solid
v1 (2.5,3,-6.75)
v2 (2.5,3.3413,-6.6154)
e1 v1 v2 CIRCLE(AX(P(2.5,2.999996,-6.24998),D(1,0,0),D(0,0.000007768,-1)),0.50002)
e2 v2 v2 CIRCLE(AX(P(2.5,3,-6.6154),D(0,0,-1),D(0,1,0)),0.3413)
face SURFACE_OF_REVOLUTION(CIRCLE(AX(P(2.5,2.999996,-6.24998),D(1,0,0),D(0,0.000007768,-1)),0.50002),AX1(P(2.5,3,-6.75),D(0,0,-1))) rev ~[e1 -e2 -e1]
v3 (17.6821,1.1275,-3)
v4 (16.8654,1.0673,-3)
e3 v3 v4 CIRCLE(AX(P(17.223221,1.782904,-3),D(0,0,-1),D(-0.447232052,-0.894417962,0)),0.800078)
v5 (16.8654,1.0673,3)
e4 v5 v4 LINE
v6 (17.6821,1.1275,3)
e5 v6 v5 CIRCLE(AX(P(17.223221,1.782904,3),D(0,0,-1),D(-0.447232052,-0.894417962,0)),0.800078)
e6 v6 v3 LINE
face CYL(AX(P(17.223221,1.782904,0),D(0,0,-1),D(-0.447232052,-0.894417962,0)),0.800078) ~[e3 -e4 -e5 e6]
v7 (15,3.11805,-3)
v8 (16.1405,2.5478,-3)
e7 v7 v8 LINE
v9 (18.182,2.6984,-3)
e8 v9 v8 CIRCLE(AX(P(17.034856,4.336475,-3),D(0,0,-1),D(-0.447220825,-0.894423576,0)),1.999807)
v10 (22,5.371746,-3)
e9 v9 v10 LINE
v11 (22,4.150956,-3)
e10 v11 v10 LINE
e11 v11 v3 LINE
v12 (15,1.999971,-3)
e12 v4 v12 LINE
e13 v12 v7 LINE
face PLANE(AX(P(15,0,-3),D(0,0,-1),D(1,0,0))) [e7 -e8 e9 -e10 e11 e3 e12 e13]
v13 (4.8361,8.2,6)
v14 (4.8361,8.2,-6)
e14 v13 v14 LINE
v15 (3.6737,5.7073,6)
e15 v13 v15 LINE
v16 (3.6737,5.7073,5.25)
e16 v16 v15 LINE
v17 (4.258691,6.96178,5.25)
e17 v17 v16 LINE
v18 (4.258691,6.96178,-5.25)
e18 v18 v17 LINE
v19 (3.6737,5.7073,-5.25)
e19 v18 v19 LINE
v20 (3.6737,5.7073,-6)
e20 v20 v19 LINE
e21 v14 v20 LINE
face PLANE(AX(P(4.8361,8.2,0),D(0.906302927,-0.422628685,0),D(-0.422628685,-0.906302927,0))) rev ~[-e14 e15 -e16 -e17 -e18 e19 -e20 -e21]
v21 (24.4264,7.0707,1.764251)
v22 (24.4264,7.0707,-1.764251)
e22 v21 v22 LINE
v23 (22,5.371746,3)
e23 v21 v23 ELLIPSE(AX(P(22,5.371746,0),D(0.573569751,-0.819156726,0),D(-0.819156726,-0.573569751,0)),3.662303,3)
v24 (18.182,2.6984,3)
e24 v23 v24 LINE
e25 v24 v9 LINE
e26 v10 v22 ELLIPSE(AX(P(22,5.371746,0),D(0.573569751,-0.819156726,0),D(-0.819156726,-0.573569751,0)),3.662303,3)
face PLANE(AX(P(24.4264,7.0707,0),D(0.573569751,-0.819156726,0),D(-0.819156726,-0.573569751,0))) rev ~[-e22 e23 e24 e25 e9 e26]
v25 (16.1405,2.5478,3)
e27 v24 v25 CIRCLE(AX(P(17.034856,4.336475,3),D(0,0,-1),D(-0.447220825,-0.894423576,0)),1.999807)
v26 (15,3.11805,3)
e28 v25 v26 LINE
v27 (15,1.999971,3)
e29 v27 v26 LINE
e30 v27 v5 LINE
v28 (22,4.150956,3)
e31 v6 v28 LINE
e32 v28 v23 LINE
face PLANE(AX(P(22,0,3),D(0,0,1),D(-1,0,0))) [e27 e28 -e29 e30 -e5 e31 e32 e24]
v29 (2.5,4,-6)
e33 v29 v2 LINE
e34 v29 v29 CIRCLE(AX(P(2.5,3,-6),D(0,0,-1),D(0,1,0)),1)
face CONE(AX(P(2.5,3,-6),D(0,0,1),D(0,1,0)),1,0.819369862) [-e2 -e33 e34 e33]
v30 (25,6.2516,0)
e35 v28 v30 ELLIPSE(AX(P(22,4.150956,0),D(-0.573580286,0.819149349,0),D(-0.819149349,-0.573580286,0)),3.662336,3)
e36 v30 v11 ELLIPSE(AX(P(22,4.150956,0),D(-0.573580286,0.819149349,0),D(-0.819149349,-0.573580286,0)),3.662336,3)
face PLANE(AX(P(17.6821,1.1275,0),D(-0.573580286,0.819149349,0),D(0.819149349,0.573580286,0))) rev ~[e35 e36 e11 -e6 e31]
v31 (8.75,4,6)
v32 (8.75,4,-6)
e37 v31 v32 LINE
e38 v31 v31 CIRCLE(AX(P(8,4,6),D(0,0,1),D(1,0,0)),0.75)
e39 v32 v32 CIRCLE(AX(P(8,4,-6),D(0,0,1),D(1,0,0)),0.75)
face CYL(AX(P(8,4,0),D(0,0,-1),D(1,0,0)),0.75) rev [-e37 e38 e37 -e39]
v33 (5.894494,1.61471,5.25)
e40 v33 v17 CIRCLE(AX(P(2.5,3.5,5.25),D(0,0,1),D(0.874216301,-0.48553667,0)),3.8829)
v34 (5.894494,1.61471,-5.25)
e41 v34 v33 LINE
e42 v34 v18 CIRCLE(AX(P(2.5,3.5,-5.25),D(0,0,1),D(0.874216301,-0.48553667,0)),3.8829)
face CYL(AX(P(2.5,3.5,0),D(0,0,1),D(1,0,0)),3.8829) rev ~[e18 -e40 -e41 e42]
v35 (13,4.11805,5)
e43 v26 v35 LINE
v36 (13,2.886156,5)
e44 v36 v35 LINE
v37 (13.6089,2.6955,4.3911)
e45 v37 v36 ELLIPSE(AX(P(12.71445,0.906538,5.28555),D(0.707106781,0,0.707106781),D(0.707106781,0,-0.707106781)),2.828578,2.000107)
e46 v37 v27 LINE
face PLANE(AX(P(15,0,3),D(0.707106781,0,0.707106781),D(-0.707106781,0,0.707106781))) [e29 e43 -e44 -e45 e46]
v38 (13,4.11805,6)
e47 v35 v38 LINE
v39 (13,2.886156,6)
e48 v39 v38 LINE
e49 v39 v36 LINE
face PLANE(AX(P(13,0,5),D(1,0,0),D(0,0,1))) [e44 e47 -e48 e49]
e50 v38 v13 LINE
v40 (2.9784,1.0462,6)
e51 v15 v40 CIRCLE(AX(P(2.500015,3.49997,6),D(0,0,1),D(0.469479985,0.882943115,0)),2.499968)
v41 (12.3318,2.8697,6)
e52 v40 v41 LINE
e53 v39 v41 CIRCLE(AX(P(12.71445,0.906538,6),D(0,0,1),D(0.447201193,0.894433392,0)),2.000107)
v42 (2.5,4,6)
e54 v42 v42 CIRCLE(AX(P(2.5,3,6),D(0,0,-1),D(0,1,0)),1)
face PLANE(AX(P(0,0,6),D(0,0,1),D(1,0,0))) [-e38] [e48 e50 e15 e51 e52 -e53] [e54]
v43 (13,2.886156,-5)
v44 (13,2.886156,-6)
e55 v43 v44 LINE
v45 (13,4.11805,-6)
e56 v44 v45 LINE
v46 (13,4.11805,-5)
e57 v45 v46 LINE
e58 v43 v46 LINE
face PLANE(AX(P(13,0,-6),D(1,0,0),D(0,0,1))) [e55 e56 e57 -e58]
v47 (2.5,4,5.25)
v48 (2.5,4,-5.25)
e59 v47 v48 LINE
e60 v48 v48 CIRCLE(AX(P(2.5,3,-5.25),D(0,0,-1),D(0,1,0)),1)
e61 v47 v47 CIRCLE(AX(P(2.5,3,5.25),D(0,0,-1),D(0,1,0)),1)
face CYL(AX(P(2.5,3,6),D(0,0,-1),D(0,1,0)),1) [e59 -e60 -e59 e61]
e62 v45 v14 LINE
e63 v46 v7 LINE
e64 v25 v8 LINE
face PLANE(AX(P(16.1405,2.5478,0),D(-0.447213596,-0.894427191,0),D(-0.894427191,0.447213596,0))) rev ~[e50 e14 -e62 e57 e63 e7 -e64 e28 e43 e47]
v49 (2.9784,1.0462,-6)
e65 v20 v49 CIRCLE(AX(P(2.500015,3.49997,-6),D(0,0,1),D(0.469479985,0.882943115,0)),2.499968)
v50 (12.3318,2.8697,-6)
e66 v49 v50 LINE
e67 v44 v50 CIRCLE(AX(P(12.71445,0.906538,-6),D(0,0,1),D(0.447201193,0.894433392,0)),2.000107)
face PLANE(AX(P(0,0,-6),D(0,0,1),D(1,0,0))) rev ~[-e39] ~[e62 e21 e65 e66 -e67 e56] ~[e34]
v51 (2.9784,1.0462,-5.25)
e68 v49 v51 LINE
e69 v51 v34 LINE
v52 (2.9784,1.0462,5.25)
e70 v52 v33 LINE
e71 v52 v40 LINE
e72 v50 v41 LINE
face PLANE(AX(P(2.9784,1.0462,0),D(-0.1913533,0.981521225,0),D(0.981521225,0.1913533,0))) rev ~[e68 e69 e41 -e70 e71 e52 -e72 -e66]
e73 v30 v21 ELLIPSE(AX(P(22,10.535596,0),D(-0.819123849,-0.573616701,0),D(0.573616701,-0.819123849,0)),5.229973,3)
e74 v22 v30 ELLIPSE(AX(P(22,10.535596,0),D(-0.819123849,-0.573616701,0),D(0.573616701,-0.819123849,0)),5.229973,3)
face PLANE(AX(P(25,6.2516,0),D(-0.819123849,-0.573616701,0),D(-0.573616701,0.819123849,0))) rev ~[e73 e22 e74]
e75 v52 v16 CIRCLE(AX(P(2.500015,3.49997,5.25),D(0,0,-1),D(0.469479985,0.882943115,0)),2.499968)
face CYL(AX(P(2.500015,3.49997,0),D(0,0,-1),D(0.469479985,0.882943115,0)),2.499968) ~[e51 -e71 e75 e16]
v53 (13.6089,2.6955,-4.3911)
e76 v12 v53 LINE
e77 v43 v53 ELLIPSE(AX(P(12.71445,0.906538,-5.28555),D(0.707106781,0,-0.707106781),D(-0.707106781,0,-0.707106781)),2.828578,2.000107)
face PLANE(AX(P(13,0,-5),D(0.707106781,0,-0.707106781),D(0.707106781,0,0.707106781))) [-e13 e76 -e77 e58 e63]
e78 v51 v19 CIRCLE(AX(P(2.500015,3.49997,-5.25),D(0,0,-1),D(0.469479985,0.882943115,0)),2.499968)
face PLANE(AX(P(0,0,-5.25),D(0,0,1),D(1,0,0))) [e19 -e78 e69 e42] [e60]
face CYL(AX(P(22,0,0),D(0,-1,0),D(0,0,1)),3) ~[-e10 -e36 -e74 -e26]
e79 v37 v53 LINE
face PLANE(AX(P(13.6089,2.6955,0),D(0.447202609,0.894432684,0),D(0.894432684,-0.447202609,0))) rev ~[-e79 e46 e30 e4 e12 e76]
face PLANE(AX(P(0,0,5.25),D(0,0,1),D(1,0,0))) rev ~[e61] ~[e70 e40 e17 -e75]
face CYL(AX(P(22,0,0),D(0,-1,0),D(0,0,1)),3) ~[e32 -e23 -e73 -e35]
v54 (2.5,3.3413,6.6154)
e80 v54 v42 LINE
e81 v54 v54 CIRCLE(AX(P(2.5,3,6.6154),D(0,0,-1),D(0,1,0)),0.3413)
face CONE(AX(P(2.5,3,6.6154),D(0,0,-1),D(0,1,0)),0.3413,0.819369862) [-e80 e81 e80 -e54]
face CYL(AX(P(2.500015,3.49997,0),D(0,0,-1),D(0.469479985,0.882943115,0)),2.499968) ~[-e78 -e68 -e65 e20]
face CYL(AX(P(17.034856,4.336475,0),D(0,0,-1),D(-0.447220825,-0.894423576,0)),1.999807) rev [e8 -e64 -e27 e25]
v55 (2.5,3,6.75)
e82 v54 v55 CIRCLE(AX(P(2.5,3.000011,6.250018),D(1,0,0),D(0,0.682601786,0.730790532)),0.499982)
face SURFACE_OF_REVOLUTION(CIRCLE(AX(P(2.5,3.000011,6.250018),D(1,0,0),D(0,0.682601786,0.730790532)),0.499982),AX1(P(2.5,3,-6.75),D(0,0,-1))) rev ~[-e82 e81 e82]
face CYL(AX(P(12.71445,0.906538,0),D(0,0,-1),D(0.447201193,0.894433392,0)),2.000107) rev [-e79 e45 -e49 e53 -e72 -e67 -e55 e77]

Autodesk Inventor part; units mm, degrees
sketch "Sketch_1" plane through (0, 0, 0) normal (0, 0, 1) x (1, 0, 0)
  arc A0 (3.6737, 5.7073) -> (2.9784, 1.0462) centre (2.5, 3.5) ccw
  line L0 (2.9784, 1.0462) -> (12.3318, 2.8697)
  arc A1 (13.6089, 2.6955) -> (12.3318, 2.8697) centre (12.7145, 0.9067) ccw
  line L1 (13.6089, 2.6955) -> (16.8654, 1.0673)
  arc A2 (16.8654, 1.0673) -> (17.6821, 1.1275) centre (17.2232, 1.7828) ccw
  line L2 (17.6821, 1.1275) -> (25, 6.2516)
  line L3 (25, 6.2516) -> (24.4264, 7.0707)
  line L4 (24.4264, 7.0707) -> (18.182, 2.6984)
  arc A3 (16.1405, 2.5478) -> (18.182, 2.6984) centre (17.0349, 4.3367) ccw
  line L5 (16.1405, 2.5478) -> (4.8361, 8.2)
  line L6 (4.8361, 8.2) -> (3.6737, 5.7073)
  circle A4 centre (8, 4) radius 0.75
extrude "Extrusion1" add sketch "Sketch_1" along normal mid plane 12
sketch "Sketch_2" plane through (0, 0, 0) normal (0, 0, 1) x (1, 0, 0)
  circle A0 centre (2.5, 3.5) radius 3.8829
extrude "Extrusion2" cut sketch "Sketch_2" along normal mid plane 10.5
sketch "Sketch_3" plane through (0, 0, 0) normal (0, 1, 0) x (-1, 0, 0)
  line L0 (-13, -5) -> (-15, -3)
  line L1 (-15, -3) -> (-22, -3)
  arc A0 (-22, 3) -> (-22, -3) centre (-22, 0) ccw
  line L2 (-22, 3) -> (-15, 3)
  line L3 (-15, 3) -> (-13, 5)
  line L4 (-13, 5) -> (-13, 6)
  line L5 (-13, 6) -> (-30, 6)
  line L6 (-30, 6) -> (-30, -6)
  line L7 (-30, -6) -> (-13, -6)
  line L8 (-13, -6) -> (-13, -5)
extrude "Extrusion3" cut sketch "Sketch_3" along normal blind 15
sketch "Sketch_4" plane through (2.5, 0, 0) normal (1, 0, 0) x (0, 0, -1)
  line L0 (6.75, 3) -> (-6.75, 3)
  arc A0 (-6.6154, 3.3413) -> (-6.75, 3) centre (-6.25, 3) ccw
  line L1 (-6.6154, 3.3413) -> (-6, 4)
  line L2 (-6, 4) -> (6, 4)
  line L3 (6, 4) -> (6.6154, 3.3413)
  arc A1 (6.75, 3) -> (6.6154, 3.3413) centre (6.25, 3) ccw
  line L4 (6.75, 3) -> (-6.75, 3)
revolve "Revolution1" add sketch "Sketch_4" angle 360 about axis through (2.5, 3, -6.75) along (0, 0, -1)
ref_plane "A_XY" through (2.5, 3, 0) normal (0, 0, 1) x (1, 0, 0)
ref_plane "A_YZ" through (2.5, 3, 0) normal (1, 0, 0) x (0, 1, 0)
ref_plane "A_ZX" through (2.5, 3, 0) normal (0, 1, 0) x (0, 0, 1)
ref_plane "B_XY" through (8, 4, 0) normal (0, 0, 1) x (1, 0, 0)
ref_plane "B_YZ" through (8, 4, 0) normal (1, 0, 0) x (0, 1, 0)
ref_plane "B_ZX" through (8, 4, 0) normal (0, 1, 0) x (0, 0, 1)
properties part number "PKWS1-HOOK"
